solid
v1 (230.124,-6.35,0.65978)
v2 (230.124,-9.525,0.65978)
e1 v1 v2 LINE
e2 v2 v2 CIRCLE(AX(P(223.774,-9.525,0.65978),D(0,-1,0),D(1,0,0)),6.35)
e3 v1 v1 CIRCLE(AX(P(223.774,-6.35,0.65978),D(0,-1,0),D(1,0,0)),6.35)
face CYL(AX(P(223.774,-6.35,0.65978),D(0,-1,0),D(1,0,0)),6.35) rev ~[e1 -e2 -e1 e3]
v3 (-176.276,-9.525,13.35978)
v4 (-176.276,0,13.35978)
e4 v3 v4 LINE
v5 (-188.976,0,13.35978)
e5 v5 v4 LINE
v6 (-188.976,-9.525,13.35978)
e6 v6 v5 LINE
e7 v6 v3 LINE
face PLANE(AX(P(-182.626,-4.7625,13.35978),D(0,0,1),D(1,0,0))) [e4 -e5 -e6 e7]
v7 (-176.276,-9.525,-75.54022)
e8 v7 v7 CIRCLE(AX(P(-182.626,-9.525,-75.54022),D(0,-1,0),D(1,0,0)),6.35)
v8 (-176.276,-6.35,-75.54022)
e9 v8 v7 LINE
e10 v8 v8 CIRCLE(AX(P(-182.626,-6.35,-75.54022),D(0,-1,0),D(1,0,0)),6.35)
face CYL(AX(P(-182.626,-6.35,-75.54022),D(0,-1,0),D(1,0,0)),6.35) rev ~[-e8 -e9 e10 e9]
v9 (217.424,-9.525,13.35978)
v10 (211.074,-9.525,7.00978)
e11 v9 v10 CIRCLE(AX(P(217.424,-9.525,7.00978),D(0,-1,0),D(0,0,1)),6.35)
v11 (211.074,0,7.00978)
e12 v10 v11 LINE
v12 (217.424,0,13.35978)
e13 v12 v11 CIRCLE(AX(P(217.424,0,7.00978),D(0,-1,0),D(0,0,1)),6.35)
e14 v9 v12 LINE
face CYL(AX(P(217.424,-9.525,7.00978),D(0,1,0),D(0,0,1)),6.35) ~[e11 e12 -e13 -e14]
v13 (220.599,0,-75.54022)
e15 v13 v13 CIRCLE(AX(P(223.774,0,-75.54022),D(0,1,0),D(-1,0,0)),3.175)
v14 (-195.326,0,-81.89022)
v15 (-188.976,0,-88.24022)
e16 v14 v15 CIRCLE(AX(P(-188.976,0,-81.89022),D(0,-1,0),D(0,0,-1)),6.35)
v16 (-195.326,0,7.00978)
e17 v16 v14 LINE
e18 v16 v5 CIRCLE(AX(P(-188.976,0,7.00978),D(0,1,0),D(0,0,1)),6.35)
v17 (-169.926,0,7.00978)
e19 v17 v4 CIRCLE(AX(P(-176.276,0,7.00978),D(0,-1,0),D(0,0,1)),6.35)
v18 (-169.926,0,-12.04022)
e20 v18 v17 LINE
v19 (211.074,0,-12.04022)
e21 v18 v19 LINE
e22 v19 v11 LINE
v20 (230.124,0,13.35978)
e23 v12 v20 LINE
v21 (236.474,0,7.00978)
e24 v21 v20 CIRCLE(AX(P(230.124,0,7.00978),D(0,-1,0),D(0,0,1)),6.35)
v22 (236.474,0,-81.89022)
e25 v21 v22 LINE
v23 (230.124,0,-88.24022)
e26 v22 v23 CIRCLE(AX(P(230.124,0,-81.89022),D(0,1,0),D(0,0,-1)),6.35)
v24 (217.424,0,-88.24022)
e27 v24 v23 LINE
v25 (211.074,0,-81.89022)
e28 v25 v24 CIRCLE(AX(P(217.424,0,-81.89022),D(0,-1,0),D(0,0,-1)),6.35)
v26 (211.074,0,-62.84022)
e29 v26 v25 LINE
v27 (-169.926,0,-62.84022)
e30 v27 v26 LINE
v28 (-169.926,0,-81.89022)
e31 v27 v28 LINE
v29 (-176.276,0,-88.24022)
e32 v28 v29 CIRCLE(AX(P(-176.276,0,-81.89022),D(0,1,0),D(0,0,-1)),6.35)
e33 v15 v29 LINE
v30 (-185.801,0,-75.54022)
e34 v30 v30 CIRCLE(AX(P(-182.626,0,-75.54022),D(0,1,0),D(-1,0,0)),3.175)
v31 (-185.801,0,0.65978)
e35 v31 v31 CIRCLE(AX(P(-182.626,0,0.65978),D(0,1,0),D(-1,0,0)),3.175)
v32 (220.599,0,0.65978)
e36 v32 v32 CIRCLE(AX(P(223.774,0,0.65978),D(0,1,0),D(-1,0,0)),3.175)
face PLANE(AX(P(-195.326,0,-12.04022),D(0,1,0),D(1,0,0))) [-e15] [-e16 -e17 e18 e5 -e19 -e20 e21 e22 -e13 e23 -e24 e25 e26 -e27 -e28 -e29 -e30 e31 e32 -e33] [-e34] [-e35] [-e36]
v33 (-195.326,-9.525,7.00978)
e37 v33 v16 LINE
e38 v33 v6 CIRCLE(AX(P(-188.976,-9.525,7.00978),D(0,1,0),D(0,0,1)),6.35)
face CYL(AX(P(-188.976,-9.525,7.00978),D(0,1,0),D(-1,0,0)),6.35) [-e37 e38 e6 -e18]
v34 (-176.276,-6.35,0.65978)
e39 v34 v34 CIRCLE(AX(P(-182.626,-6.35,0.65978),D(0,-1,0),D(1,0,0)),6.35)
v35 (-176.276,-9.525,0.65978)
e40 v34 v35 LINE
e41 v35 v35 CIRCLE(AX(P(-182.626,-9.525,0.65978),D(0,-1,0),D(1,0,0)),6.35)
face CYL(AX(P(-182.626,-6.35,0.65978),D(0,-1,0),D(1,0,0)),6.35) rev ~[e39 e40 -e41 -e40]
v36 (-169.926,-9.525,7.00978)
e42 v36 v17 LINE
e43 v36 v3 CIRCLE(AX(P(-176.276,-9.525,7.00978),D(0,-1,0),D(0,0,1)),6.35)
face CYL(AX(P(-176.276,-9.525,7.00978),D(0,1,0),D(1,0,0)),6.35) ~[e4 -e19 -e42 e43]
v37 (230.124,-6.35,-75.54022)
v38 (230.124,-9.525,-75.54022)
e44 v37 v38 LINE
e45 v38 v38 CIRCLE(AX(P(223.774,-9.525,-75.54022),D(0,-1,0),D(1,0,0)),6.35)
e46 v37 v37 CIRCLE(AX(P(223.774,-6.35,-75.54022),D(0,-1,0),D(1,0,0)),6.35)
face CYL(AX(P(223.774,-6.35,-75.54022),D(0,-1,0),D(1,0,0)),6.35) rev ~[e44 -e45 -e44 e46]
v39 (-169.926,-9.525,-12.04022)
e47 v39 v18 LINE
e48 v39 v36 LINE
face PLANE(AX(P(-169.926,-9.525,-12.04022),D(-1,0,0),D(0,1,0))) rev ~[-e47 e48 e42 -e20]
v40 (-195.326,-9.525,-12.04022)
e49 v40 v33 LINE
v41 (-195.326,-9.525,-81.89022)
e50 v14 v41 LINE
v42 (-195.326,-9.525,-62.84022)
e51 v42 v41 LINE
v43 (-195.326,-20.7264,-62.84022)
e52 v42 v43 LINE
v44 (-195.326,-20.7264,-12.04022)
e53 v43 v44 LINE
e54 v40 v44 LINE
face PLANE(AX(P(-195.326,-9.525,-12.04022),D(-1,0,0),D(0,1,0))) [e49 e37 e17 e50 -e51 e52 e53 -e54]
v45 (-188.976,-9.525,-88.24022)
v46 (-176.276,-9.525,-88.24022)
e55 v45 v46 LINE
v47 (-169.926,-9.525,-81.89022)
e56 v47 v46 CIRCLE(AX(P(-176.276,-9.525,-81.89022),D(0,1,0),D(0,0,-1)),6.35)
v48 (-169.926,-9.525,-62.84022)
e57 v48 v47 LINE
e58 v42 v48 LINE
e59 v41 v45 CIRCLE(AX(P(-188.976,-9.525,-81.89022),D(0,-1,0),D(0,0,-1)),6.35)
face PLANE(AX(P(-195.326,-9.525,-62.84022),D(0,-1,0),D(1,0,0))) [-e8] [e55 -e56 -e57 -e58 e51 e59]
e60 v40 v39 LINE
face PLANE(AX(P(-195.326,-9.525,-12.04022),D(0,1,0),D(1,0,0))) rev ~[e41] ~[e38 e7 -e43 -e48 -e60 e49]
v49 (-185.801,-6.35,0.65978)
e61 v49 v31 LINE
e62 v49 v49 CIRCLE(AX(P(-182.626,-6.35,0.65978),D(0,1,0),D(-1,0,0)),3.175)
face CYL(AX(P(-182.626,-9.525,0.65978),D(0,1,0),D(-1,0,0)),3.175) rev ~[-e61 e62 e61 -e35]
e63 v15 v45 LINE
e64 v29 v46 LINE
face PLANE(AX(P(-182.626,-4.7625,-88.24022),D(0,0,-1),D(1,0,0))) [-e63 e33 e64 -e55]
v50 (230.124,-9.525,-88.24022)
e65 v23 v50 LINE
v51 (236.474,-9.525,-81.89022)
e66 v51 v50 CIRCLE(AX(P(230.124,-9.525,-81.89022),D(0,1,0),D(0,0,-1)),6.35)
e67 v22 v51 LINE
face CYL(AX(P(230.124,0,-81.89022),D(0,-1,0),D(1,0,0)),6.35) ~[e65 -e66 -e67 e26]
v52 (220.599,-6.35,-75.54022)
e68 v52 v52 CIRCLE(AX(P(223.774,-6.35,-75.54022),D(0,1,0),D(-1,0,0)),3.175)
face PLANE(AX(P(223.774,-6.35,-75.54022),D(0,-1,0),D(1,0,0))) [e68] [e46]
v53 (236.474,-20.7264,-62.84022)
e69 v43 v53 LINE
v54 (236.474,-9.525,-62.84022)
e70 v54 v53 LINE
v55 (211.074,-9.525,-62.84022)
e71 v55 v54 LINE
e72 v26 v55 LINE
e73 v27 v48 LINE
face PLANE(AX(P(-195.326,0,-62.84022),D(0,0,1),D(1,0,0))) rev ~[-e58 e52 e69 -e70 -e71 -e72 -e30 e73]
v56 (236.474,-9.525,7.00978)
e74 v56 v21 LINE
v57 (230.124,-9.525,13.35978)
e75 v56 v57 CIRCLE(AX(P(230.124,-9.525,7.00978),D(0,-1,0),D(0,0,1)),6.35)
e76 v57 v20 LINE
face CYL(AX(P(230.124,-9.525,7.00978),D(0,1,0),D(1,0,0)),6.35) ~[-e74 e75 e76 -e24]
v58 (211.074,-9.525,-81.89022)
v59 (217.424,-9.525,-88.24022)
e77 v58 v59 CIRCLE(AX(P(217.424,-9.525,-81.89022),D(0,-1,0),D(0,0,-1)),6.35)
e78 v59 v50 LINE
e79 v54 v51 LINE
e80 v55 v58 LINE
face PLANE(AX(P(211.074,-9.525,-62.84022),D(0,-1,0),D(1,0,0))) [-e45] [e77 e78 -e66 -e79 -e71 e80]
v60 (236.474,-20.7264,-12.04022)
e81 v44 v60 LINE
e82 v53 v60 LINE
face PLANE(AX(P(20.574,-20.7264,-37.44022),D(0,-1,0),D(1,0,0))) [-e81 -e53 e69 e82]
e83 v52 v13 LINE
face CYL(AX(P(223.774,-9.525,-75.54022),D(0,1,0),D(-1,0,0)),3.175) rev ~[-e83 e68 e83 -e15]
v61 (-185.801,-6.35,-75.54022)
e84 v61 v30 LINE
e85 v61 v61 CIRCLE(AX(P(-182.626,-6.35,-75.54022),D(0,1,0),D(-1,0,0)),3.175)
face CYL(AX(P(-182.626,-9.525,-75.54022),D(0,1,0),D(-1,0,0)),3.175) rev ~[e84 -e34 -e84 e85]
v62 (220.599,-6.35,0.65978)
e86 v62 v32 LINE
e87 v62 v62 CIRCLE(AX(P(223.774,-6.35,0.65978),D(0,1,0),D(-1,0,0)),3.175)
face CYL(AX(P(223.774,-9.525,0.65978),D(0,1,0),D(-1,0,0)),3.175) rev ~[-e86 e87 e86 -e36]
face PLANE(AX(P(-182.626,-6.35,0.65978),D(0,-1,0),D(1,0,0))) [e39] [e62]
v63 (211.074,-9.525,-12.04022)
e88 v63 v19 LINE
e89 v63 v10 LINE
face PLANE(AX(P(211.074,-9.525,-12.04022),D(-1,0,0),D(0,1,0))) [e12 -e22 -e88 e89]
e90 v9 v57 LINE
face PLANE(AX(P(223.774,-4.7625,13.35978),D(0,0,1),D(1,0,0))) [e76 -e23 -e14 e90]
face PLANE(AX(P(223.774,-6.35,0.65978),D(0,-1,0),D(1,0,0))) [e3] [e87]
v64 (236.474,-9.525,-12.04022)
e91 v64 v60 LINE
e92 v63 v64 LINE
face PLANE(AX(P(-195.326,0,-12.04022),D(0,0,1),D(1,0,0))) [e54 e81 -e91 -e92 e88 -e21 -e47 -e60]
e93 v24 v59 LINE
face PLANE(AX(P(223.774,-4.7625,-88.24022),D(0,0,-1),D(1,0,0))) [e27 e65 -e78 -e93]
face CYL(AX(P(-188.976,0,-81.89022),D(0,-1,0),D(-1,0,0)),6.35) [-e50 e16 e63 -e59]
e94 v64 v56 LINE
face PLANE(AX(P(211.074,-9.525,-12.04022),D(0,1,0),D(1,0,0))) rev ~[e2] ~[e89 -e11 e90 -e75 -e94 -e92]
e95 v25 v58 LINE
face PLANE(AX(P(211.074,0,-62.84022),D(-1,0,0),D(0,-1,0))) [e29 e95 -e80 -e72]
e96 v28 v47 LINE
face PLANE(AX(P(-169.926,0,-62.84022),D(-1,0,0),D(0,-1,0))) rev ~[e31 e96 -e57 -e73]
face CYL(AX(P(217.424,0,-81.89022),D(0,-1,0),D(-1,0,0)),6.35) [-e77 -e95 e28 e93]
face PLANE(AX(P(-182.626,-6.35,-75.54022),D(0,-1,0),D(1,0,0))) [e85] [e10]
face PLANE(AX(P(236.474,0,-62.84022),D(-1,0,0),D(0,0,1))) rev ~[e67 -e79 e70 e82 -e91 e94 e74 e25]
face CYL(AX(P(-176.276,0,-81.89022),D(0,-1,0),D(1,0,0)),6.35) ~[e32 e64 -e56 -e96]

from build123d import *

# Parameters (mm, degrees)
F0_W           = 431.8
F0_H           = 50.8
F1_DEPTH       = 20.7264
F2_W           = 25.4
F2_H           = 9.525
F3_DEPTH       = 25.4
F4_W           = 25.4
F4_H           = 9.525
F5_DEPTH       = 25.4
F6_R           = 6.35
F8_D           = 6.35
F8_CBORE_D     = 12.7
F8_CBORE_DEPTH = 3.175


with BuildPart() as f1:
    # F0 (on Front) → F1 (new body)
    with BuildSketch(Plane.XZ):
        with Locations((20.574, -37.44022)):
            Rectangle(F0_W, F0_H)
    extrude(amount=F1_DEPTH)

    # F2 (on face) → F3 (join)
    with BuildSketch(Plane(origin=(0, 0, -62.84022), x_dir=(1, 0, 0), z_dir=(0, 0, -1))):
        with Locations((-182.626, 4.7625)):
            Rectangle(F2_W, F2_H)
        with Locations((223.774, 4.7625)):
            Rectangle(F2_W, F2_H)
    extrude(amount=F3_DEPTH)

    # F4 (on face) → F5 (join)
    with BuildSketch(Plane.XY.offset(-12.04022)):
        with Locations((-182.626, -4.7625)):
            Rectangle(F4_W, F4_H)
        with Locations((223.774, -4.7625)):
            Rectangle(F4_W, F4_H)
    extrude(amount=F5_DEPTH)

    # F6
    f6_edges = [f1.edges().sort_by_distance(p)[0] for p in [
        (236.474, -4.7625, -88.24022),
        (211.074, -4.7625, -88.24022),
        (236.474, -4.7625, 13.35978),
        (211.074, -4.7625, 13.35978),
        (-169.926, -4.7625, 13.35978),
        (-195.326, -4.7625, 13.35978),
        (-195.326, -4.7625, -88.24022),
        (-169.926, -4.7625, -88.24022),
    ]]
    fillet(f6_edges, radius=F6_R)

    # F8 (through all)
    with Locations(Plane.XZ.offset(9.525)):
        with Locations((-182.626, 0.65978), (-182.626, -75.54022), (223.774, 0.65978), (223.774, -75.54022)):
            CounterBoreHole(F8_D / 2, F8_CBORE_D / 2, F8_CBORE_DEPTH)


solid = f1.part
